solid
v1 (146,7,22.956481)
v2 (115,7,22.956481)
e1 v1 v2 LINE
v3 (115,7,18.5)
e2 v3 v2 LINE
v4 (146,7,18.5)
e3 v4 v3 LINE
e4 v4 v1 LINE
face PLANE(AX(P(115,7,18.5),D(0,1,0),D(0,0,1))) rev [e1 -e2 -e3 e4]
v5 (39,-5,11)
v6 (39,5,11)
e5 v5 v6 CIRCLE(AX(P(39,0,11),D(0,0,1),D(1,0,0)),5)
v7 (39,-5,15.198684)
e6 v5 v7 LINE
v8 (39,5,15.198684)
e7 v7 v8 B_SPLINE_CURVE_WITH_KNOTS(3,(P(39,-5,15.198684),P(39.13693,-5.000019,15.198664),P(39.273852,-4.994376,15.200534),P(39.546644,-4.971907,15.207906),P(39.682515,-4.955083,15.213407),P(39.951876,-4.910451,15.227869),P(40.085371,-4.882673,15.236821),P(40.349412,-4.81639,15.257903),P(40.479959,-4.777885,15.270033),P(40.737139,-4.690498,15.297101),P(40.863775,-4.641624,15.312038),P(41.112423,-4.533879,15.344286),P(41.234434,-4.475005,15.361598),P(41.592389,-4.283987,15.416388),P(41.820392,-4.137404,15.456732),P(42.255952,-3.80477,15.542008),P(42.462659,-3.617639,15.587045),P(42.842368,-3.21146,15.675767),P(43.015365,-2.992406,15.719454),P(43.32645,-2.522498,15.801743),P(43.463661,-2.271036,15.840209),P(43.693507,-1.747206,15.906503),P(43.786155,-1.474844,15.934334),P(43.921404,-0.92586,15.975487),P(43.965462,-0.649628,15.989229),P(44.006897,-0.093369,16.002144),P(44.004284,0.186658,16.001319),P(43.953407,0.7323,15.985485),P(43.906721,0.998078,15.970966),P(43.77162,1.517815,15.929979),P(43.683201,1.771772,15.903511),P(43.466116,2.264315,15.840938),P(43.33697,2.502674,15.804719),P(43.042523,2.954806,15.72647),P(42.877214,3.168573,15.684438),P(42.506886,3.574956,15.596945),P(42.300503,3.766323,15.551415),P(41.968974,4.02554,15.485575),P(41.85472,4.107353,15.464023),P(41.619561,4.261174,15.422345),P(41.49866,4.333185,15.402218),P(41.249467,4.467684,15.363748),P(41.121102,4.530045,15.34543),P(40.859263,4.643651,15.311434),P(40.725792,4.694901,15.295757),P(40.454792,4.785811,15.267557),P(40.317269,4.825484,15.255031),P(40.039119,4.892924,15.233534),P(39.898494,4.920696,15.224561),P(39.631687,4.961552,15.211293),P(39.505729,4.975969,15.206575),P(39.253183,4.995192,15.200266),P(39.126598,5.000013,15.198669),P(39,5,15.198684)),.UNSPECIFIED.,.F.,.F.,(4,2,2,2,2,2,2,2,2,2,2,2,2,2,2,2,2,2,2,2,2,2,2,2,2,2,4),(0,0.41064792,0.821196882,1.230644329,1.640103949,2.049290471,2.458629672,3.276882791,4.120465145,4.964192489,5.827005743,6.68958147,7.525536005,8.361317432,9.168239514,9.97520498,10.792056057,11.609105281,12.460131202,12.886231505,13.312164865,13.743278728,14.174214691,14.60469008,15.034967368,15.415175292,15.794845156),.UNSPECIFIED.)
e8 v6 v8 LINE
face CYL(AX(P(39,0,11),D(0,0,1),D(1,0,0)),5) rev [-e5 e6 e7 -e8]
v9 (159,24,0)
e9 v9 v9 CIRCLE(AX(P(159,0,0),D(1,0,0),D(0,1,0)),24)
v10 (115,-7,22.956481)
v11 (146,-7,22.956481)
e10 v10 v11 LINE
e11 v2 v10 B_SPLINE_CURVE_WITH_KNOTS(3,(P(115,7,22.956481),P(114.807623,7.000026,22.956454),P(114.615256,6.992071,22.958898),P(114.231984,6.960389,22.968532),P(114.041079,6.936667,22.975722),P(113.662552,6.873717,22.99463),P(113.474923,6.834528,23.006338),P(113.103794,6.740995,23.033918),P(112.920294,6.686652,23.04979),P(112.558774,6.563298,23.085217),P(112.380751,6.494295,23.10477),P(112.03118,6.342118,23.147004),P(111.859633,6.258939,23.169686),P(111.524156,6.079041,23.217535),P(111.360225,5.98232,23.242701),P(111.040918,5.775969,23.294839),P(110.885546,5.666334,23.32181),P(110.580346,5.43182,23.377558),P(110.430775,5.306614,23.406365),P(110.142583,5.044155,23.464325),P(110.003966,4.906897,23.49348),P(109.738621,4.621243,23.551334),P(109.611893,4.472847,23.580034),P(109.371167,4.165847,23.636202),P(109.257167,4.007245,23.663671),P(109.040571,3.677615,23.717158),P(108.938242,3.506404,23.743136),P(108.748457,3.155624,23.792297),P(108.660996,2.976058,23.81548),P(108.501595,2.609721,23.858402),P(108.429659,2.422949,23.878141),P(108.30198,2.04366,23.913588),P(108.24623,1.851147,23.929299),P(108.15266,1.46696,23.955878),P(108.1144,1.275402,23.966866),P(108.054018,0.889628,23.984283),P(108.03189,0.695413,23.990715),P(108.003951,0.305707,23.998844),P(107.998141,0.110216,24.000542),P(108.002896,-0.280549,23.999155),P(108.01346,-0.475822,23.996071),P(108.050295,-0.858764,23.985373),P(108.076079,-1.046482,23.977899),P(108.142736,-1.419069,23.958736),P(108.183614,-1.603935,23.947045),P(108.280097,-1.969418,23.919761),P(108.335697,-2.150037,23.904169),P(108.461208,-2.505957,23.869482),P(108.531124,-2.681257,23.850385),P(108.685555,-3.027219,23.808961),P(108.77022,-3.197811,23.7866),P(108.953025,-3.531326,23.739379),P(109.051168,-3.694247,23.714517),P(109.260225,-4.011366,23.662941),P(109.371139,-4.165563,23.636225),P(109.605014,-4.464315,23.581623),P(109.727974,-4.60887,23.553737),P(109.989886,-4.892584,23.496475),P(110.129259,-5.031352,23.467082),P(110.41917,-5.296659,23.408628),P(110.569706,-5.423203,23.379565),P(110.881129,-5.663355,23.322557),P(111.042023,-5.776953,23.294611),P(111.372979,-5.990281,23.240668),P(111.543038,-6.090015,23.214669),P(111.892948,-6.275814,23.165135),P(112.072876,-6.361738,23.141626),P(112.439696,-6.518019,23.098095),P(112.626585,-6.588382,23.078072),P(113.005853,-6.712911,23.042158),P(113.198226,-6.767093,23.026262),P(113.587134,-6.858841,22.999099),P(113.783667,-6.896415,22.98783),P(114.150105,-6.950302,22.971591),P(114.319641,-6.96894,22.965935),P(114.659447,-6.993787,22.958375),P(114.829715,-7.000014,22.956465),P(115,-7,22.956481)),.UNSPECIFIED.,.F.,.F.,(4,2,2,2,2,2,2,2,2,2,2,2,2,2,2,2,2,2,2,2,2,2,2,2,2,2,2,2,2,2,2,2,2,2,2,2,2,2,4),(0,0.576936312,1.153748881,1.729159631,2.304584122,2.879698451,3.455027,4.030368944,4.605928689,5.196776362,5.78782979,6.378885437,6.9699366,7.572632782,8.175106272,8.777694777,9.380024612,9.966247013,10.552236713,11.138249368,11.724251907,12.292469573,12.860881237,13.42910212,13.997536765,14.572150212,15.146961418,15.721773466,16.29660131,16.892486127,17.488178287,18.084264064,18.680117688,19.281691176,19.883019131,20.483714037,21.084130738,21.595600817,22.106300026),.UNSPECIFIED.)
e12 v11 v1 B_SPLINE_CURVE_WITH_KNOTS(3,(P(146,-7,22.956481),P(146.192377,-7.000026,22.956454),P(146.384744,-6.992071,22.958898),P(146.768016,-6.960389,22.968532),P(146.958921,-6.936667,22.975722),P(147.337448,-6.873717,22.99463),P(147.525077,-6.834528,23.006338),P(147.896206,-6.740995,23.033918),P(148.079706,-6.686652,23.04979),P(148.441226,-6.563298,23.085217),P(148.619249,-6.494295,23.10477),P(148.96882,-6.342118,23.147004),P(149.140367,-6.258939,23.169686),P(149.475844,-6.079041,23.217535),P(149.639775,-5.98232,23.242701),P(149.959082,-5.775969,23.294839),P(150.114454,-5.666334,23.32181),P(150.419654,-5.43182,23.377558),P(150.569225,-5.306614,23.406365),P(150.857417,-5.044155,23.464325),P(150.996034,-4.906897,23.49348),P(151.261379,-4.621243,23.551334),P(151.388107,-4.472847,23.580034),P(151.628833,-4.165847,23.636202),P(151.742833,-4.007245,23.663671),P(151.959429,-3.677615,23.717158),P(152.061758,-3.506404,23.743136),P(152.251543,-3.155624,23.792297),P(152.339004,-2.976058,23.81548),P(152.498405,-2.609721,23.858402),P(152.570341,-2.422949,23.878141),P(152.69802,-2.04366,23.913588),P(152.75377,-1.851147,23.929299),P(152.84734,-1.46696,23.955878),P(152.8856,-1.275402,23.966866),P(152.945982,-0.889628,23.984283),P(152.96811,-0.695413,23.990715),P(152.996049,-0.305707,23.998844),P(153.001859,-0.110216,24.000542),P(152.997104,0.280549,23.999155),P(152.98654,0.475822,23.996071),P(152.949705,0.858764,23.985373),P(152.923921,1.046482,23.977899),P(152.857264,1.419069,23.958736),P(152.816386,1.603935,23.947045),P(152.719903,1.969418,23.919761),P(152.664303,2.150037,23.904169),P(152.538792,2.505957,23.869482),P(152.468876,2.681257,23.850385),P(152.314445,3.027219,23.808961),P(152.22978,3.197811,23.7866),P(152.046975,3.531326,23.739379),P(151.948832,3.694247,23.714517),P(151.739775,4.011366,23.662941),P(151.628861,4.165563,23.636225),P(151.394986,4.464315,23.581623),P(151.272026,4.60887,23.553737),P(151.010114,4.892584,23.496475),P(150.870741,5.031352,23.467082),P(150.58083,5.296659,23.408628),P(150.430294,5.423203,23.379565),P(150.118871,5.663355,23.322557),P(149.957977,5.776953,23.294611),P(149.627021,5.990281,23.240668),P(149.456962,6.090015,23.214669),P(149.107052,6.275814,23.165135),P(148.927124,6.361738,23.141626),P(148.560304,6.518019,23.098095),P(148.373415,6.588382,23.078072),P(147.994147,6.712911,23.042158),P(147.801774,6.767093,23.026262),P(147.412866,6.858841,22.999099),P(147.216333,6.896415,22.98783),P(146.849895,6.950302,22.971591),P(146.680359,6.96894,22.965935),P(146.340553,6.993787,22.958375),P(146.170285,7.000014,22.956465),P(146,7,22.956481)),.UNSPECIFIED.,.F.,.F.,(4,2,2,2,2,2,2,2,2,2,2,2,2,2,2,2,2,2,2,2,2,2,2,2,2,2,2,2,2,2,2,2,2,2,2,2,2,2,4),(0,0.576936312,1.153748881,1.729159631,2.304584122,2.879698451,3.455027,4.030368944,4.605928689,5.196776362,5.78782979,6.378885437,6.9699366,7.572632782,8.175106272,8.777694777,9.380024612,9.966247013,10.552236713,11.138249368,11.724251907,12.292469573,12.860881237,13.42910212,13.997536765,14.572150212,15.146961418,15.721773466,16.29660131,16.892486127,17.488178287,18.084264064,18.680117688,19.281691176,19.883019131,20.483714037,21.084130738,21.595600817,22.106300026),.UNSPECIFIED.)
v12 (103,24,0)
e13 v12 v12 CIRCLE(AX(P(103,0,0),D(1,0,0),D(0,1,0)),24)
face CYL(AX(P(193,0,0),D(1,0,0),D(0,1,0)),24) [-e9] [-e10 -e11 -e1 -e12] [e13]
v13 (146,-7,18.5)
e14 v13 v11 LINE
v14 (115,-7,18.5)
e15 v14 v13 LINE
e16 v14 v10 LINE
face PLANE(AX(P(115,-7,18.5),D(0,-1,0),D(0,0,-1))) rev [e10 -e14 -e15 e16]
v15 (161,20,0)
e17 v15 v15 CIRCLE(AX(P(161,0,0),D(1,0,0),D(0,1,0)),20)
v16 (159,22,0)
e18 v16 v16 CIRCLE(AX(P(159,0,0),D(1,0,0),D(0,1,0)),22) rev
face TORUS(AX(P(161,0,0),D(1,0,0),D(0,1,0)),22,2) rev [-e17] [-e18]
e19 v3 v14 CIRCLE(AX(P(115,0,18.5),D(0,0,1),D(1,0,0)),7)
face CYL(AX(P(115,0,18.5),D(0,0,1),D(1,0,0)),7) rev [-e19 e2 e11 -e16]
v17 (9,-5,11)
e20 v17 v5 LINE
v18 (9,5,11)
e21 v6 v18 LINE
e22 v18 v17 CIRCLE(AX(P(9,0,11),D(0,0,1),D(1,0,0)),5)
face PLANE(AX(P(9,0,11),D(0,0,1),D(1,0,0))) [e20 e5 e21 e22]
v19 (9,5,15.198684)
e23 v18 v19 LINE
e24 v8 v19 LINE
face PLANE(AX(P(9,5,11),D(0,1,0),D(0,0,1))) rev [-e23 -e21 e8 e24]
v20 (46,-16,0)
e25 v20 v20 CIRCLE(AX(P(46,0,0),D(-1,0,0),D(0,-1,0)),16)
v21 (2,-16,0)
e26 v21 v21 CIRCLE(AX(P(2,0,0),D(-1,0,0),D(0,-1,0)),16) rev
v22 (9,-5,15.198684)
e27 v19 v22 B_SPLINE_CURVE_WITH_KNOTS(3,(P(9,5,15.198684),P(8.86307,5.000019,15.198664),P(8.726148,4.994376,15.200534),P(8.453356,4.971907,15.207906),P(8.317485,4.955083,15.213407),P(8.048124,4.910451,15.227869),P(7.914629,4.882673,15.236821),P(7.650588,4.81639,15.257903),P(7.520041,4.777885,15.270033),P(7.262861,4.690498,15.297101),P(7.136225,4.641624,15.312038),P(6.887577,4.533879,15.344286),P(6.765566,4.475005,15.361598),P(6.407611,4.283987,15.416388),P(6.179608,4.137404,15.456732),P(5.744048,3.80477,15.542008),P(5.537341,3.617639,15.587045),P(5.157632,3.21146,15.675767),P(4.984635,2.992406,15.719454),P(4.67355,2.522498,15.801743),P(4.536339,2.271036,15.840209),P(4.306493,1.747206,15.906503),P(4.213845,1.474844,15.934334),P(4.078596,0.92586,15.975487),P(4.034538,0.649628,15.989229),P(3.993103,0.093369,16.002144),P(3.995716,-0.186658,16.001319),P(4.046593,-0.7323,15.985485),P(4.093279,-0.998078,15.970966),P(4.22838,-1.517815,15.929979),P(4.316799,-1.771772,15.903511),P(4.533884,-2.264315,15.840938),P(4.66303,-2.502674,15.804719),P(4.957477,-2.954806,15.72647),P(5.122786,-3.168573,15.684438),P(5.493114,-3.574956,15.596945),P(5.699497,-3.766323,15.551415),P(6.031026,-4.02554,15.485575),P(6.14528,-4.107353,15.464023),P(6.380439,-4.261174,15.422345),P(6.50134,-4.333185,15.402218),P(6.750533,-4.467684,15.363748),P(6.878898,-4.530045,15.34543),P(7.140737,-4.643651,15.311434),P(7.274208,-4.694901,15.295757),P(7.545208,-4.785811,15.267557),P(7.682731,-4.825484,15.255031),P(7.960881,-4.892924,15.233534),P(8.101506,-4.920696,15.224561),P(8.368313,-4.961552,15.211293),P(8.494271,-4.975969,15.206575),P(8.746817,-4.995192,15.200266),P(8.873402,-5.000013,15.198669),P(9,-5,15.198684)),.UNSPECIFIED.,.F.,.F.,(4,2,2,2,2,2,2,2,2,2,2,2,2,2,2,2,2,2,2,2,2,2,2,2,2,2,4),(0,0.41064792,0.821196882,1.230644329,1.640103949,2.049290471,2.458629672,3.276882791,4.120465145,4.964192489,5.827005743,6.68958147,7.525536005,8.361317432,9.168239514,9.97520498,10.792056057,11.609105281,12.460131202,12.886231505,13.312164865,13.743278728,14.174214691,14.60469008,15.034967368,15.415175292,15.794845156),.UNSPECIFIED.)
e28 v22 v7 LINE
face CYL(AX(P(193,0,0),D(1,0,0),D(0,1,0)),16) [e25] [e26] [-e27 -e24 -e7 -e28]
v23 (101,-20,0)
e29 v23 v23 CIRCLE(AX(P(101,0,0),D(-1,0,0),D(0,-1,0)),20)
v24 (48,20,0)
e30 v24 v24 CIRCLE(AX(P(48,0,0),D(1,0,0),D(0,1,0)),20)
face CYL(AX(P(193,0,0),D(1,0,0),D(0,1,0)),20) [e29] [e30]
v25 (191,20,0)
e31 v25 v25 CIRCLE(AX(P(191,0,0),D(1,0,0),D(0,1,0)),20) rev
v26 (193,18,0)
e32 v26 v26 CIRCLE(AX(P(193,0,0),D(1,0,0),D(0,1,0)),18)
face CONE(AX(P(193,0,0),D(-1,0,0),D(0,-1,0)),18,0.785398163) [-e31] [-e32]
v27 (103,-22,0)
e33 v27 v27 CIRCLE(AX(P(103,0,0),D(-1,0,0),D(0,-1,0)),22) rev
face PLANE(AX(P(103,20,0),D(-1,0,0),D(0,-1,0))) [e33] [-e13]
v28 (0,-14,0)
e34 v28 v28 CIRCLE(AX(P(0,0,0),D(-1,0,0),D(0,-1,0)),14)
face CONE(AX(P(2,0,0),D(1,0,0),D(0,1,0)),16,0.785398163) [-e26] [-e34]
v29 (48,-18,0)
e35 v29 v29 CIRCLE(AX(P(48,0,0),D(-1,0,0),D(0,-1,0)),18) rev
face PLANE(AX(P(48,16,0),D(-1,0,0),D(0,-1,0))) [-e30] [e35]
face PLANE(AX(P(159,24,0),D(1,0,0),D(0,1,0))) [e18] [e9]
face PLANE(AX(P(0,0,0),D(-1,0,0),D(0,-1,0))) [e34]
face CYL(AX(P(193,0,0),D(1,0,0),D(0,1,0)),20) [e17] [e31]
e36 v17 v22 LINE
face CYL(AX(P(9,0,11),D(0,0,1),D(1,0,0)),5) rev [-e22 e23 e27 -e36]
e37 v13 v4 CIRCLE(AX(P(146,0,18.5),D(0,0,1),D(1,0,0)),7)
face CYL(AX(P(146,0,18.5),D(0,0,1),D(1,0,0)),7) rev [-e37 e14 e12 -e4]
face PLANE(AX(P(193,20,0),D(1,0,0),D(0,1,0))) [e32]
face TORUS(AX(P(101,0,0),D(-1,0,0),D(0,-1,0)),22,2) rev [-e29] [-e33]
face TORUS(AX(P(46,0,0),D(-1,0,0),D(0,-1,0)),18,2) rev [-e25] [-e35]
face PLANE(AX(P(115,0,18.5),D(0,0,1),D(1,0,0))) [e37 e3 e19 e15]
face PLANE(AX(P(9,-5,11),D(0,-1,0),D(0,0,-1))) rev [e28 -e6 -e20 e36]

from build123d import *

# Parameters (mm, degrees)
CHAMFER_1_SIZE      = 2
FILLET_1_R          = 2
CUT_EXTRUDE_1_DEPTH = 5
CUT_EXTRUDE_2_DEPTH = 5.5


with BuildPart() as part:
    # Эскиз1 → Повернуть1 (revolve)
    with BuildSketch(Plane.XY):
        Polygon((0, 0), (0, 16), (48, 16), (48, 20), (103, 20), (103, 24), (159, 24), (159, 20), (193, 20), (193, 0), align=None)
    revolve(axis=Axis((193, 0, 0), (-1, 0, 0)))

    # Фаска1
    chamfer_1_edges = [part.edges().sort_by_distance(p)[0] for p in [
        (0, -16, 0),
        (193, -20, 0),
    ]]
    chamfer(chamfer_1_edges, length=CHAMFER_1_SIZE)

    # Скругление1
    fillet_1_edges = [part.edges().sort_by_distance(p)[0] for p in [
        (48, -16, 0),
        (159, -20, 0),
        (103, -20, 0),
    ]]
    fillet(fillet_1_edges, radius=FILLET_1_R)

    # Эскиз2 → Вырез-Вытянуть1 (cut)
    with BuildSketch(Plane.XY.offset(16)):
        with BuildLine():
            Line((9, 5), (39, 5))
            ThreePointArc((39, 5), (44, 0), (39, -5))
            Line((39, -5), (9, -5))
            ThreePointArc((9, -5), (4, 0), (9, 5))
        make_face()
    extrude(amount=-CUT_EXTRUDE_1_DEPTH, mode=Mode.SUBTRACT)

    # Эскиз3 → Вырез-Вытянуть2 (cut)
    with BuildSketch(Plane.XY.offset(24)):
        with BuildLine():
            Line((115, 7), (146, 7))
            ThreePointArc((146, 7), (153, 0), (146, -7))
            Line((146, -7), (115, -7))
            ThreePointArc((115, -7), (108, 0), (115, 7))
        make_face()
    extrude(amount=-CUT_EXTRUDE_2_DEPTH, mode=Mode.SUBTRACT)


solid = part.part
